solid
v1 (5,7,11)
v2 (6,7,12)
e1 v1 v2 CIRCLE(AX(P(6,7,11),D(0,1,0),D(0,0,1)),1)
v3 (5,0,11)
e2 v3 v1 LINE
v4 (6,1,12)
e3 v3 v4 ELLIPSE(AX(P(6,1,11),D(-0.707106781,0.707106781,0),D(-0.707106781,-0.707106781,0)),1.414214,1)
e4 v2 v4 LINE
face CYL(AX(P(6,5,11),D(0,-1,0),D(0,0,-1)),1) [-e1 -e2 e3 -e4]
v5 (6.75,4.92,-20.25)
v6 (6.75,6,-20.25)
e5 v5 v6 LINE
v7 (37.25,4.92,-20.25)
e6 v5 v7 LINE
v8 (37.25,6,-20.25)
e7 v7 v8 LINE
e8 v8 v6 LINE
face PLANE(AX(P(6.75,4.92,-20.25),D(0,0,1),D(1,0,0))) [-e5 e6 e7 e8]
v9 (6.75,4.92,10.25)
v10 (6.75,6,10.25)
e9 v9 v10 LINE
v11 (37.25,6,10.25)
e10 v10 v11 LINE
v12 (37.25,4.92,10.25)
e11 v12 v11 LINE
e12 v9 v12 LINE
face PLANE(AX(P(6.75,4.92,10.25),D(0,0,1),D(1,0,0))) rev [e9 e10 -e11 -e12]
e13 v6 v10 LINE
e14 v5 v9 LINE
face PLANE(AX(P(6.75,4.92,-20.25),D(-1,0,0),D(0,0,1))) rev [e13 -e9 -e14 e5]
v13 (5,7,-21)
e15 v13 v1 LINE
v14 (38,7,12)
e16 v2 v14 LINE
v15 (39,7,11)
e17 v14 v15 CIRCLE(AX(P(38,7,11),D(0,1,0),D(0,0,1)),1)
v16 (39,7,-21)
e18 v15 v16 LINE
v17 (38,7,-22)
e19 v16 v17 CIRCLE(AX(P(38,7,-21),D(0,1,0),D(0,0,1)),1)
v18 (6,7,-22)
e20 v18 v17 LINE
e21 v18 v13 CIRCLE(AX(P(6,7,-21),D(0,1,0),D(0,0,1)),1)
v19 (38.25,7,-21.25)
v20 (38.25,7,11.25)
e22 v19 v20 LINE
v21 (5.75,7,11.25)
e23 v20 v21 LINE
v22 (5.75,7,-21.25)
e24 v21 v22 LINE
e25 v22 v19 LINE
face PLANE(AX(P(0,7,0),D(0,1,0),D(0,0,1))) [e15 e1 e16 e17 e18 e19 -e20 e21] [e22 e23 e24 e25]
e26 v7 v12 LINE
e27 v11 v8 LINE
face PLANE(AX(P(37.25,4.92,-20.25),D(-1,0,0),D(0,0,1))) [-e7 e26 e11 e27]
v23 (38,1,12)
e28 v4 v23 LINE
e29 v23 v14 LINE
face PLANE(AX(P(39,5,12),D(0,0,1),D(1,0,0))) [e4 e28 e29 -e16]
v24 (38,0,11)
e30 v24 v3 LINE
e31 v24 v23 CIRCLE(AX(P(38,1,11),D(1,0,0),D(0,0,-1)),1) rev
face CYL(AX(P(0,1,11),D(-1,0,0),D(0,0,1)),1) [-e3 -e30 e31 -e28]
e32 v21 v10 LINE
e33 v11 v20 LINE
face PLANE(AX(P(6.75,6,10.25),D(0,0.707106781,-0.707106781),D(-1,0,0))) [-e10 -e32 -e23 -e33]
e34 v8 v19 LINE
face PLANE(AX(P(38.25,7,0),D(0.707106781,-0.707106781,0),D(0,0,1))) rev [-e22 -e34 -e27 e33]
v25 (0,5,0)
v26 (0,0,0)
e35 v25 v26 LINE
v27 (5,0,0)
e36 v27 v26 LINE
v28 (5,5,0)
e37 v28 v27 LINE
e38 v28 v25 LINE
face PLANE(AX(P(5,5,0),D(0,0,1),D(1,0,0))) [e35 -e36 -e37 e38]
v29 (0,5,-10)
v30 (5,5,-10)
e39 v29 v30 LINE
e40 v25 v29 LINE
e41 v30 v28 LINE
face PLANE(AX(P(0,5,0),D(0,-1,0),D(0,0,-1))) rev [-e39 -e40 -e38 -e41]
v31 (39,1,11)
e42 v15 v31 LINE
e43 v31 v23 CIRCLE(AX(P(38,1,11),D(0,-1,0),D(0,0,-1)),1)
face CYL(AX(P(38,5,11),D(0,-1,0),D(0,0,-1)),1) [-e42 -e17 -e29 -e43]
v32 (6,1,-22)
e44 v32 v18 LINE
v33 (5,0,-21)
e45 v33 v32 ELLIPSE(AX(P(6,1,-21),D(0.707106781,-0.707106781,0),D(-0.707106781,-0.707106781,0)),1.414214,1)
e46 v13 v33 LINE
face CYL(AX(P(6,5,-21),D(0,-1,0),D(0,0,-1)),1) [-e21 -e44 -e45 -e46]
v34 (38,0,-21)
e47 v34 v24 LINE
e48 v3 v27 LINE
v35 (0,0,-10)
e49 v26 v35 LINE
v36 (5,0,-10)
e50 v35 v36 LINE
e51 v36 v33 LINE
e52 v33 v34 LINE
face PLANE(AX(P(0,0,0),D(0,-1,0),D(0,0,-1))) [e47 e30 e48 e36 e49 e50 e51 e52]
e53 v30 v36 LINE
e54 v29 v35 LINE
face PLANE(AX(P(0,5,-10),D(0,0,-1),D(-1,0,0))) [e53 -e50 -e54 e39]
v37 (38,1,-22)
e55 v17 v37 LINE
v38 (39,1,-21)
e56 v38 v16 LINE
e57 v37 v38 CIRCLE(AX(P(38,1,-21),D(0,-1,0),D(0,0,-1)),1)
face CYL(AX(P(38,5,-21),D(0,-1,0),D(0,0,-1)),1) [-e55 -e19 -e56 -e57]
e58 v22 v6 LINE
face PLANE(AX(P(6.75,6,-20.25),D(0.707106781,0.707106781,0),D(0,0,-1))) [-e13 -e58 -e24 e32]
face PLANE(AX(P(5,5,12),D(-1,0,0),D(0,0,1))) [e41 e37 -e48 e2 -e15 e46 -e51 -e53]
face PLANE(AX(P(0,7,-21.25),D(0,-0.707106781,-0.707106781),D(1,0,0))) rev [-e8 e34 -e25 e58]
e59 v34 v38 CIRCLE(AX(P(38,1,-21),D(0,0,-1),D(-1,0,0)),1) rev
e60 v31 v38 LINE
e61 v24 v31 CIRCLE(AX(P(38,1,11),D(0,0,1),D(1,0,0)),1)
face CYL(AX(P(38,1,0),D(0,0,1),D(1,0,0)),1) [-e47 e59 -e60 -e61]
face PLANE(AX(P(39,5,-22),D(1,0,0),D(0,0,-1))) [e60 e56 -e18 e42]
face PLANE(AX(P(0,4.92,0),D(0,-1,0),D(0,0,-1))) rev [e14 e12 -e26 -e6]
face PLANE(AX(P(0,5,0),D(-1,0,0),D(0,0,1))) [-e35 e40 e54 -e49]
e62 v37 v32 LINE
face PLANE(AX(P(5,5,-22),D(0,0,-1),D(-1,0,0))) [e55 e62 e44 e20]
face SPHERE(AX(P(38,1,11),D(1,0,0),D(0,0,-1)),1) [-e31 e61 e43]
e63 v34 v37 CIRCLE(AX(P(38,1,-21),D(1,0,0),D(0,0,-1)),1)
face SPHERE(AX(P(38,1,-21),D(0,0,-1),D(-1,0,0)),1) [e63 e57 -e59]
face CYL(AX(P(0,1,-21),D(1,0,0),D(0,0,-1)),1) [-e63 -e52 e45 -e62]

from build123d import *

# Parameters (mm, degrees)
EXTRUDE_1_DEPTH     = 5
SKETCH_2_W          = 34
SKETCH_2_H          = 34
EXTRUDE_2_DEPTH     = 2
SKETCH_3_W          = 30.5
SKETCH_3_H          = 30.5
CUT_EXTRUDE_2_DEPTH = 2.08
CHAMFER_1_SIZE      = 1
FILLET_2_R          = 1


with BuildPart() as part:
    # 草图1 → 凸台-拉伸1 (new body)
    with BuildSketch(Plane(origin=(0, 0, 0), x_dir=(1, 0, 0), z_dir=(0, 1, 0))):
        Polygon((0, 10), (5, 10), (5, 22), (39, 22), (39, -12), (5, -12), (5, 0), (0, 0), align=None)
    extrude(amount=EXTRUDE_1_DEPTH)

    # 草图2 → 凸台-拉伸2 (add)
    with BuildSketch(Plane(origin=(0, 5, 0), x_dir=(1, 0, 0), z_dir=(0, 1, 0))):
        with Locations((22, 5)):
            Rectangle(SKETCH_2_W, SKETCH_2_H)
    extrude(amount=EXTRUDE_2_DEPTH)

    # 草图3 → 切除-拉伸2 (cut)
    with BuildSketch(Plane(origin=(0, 7, 0), x_dir=(1, 0, 0), z_dir=(0, 1, 0))):
        with Locations((22, 5)):
            Rectangle(SKETCH_3_W, SKETCH_3_H)
    extrude(amount=-CUT_EXTRUDE_2_DEPTH, mode=Mode.SUBTRACT)

    # 倒角1
    chamfer_1_edges = [part.edges().sort_by_distance(p)[0] for p in [
        (22, 7, -20.25),
        (37.25, 7, -5),
        (22, 7, 10.25),
        (6.75, 7, -5),
    ]]
    chamfer(chamfer_1_edges, length=CHAMFER_1_SIZE)

    # 圆角2
    fillet_2_edges = [part.edges().sort_by_distance(p)[0] for p in [
        (5, 3.5, 12),
        (39, 3.5, 12),
        (39, 3.5, -22),
        (5, 3.5, -22),
        (22, 0, 12),
        (39, 0, -5),
        (22, 0, -22),
    ]]
    fillet(fillet_2_edges, radius=FILLET_2_R)


solid = part.part
